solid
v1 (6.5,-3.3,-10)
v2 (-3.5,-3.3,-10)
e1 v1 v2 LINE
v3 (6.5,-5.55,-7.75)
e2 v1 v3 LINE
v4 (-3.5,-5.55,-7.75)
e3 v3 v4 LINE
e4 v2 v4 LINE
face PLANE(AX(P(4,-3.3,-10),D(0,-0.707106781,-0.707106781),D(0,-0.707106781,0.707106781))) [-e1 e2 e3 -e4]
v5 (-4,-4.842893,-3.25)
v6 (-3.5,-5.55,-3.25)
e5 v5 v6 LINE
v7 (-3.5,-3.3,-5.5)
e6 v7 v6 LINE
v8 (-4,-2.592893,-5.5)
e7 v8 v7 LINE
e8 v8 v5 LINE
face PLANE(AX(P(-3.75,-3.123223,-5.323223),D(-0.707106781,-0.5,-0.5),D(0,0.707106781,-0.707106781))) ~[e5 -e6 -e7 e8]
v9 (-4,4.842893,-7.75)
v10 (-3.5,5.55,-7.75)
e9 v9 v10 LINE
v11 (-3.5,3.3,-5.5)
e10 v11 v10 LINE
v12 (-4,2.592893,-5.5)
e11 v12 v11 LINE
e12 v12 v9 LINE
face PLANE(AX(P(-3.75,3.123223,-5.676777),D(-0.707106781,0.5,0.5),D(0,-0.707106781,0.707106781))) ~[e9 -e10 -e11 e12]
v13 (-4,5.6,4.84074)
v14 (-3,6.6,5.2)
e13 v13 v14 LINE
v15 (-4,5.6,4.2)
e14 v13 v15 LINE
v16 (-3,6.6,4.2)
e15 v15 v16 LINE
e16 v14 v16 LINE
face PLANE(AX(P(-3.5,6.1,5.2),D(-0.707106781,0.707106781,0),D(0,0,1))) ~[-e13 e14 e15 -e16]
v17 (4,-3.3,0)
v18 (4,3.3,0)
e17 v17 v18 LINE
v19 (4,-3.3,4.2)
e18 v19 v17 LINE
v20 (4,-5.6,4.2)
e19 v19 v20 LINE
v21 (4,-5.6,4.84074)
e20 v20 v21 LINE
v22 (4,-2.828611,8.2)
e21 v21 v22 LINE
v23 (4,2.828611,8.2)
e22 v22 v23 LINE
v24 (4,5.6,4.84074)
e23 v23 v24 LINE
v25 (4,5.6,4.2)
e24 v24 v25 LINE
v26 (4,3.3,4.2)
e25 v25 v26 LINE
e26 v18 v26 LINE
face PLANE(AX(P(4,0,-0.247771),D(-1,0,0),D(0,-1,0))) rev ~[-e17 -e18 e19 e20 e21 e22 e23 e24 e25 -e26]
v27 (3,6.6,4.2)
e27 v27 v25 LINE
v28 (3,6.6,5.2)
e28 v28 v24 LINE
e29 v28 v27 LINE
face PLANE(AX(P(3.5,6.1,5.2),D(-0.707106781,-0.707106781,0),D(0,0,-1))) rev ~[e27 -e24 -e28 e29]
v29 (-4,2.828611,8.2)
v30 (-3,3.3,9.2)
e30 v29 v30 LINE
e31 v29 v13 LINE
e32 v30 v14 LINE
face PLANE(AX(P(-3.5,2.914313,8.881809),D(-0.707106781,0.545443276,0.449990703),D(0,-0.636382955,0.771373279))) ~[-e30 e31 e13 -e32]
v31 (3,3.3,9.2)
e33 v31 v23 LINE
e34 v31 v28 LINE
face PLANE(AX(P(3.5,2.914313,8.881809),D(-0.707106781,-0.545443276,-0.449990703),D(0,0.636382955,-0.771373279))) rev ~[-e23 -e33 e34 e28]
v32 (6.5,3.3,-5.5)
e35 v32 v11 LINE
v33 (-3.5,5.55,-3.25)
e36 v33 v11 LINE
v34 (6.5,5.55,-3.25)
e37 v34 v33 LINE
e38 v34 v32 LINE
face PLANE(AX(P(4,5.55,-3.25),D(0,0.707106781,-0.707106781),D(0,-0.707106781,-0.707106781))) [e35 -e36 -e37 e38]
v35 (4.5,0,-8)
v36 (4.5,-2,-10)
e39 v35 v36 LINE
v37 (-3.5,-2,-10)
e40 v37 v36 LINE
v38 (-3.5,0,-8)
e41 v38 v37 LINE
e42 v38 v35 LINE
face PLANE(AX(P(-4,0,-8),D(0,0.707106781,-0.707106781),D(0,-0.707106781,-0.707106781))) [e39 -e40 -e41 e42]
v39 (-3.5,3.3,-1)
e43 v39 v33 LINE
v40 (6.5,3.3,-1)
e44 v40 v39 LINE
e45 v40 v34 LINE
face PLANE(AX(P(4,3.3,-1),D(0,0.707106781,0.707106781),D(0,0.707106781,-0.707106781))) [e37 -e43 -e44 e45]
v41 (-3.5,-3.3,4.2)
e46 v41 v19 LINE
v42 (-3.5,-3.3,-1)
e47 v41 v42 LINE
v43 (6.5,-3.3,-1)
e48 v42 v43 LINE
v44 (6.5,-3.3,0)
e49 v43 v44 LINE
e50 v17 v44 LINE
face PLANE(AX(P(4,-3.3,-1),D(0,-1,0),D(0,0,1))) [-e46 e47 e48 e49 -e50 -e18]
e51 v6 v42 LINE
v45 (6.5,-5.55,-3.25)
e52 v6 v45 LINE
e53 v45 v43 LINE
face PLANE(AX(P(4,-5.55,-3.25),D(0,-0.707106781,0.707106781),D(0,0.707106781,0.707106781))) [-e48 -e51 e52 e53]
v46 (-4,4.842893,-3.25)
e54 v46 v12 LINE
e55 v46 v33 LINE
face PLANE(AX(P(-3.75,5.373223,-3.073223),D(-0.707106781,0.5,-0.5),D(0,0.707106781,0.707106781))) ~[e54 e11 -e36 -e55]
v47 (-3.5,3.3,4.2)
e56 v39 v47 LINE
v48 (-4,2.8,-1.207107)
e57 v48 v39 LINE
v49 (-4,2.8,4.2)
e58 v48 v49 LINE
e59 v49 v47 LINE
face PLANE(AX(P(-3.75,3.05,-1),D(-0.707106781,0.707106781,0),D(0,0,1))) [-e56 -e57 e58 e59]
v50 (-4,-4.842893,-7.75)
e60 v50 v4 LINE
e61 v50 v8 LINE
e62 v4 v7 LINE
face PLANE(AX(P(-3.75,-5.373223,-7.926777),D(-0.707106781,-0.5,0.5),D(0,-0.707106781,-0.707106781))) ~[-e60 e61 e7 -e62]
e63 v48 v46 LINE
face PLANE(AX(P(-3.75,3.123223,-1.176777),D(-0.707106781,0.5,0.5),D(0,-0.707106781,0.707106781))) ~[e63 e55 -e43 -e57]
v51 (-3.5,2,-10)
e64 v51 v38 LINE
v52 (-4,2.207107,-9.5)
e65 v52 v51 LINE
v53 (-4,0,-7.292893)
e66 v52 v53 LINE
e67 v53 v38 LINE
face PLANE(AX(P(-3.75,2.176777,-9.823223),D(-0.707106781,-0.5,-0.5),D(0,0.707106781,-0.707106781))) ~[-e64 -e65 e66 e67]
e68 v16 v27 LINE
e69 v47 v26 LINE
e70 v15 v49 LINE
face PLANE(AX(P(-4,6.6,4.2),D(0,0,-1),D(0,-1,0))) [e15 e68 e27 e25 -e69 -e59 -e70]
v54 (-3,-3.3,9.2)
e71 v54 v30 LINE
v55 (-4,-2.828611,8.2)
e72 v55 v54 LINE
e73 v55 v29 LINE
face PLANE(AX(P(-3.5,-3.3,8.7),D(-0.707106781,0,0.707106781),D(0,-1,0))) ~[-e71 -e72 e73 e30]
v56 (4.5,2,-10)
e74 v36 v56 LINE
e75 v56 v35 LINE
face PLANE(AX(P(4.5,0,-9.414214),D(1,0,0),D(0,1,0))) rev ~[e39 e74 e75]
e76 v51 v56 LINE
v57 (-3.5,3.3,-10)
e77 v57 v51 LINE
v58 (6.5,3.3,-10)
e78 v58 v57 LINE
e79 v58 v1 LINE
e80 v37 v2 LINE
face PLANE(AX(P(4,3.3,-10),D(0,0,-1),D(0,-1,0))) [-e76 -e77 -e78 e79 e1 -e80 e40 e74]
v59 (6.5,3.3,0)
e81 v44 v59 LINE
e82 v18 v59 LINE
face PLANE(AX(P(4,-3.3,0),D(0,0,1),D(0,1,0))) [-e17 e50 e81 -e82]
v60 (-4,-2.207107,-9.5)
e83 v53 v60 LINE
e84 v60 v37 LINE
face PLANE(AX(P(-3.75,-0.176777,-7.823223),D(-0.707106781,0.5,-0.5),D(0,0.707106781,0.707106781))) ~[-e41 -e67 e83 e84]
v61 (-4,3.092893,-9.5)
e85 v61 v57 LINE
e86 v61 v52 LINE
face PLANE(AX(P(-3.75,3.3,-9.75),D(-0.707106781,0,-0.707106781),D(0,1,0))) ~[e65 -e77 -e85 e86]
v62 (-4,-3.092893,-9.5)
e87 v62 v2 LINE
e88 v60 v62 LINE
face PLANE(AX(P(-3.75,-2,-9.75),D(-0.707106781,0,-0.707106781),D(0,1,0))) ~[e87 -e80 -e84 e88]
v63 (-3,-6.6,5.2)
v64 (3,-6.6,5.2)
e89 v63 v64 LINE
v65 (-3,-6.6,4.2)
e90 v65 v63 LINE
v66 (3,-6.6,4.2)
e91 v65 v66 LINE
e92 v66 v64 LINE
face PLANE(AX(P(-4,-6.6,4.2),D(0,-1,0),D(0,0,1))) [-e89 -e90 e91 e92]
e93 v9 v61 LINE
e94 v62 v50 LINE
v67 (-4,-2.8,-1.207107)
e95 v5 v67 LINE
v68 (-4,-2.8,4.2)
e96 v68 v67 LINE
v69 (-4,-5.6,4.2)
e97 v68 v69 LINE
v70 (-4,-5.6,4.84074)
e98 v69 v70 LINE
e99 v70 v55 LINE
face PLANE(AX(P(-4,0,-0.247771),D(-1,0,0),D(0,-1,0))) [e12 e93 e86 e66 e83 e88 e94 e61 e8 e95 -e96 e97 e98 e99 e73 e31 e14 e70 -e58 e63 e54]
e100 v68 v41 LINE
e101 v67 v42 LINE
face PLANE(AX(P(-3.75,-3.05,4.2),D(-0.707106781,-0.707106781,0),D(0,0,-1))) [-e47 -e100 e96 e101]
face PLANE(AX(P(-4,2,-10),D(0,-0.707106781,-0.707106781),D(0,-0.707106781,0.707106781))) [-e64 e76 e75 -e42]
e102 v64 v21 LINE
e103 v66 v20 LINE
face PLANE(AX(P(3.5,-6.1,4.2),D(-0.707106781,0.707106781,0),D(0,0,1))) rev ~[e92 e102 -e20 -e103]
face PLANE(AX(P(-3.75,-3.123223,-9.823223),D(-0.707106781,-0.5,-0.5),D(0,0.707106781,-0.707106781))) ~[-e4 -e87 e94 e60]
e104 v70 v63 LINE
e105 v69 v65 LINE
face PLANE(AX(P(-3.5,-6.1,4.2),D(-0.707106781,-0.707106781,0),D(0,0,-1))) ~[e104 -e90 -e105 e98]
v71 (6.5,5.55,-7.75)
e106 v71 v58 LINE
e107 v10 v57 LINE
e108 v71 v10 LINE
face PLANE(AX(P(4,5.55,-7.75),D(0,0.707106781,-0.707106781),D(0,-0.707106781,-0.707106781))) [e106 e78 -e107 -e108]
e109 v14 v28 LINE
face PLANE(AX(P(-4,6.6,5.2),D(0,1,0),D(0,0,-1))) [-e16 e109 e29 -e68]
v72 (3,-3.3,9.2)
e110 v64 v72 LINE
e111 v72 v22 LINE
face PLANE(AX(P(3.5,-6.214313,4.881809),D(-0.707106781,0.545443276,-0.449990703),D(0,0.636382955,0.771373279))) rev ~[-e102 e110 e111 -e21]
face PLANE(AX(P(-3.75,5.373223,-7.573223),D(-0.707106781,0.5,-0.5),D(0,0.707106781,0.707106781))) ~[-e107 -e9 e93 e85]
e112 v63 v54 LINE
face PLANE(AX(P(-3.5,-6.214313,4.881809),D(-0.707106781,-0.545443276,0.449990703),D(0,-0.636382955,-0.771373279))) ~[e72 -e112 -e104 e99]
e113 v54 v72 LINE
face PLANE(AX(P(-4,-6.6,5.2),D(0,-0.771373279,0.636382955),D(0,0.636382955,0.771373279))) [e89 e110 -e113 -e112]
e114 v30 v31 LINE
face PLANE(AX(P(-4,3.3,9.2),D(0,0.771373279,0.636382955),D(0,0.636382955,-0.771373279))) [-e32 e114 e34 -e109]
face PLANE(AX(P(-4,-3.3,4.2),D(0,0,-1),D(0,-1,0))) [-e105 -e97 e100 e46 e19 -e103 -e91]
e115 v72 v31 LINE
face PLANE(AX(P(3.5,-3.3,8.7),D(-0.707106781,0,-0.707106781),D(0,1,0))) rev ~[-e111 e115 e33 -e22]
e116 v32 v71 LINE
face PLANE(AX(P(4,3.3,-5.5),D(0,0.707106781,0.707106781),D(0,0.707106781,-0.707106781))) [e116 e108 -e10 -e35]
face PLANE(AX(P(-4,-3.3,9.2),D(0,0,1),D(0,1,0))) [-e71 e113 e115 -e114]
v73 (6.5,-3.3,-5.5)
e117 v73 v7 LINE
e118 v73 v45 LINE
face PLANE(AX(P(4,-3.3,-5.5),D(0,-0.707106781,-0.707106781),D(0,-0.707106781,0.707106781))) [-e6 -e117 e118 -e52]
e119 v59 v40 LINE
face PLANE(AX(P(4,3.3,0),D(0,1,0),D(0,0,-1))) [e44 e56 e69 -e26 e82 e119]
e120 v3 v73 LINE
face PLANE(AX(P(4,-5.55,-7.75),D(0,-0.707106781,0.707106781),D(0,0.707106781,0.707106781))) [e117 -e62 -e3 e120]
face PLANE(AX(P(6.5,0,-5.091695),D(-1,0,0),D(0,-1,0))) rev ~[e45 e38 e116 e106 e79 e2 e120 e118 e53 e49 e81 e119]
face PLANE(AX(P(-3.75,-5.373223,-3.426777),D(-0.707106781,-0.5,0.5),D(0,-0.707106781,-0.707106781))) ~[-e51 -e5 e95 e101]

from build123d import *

# Parameters (mm, degrees)
BOSS_EXTRUDE1_DEPTH      = 4
BOSS_EXTRUDE1_DEPTH_BACK = 4
BOSS_EXTRUDE2_DEPTH      = 2.5
CHAMFER1_SIZE            = 1
CUT_EXTRUDE1_DEPTH       = 8.5
CHAMFER2_SIZE            = 0.5


with BuildPart() as part:
    # Sketch1 → Boss-Extrude1 (new, two sides: drawn at the far end of the back side and taken through both)
    with BuildSketch(Plane.YZ.offset(-BOSS_EXTRUDE1_DEPTH_BACK)):
        Polygon((-3.3, 9.2), (3.3, 9.2), (6.6, 5.2), (6.6, 4.2), (3.3, 4.2), (3.3, 0), (3.3, -1), (5.55, -3.25), (3.3, -5.5), (5.55, -7.75), (3.3, -10), (-3.3, -10), (-5.55, -7.75), (-3.3, -5.5), (-5.55, -3.25), (-3.3, -1), (-3.3, 0), (-3.3, 4.2), (-6.6, 4.2), (-6.6, 5.2), align=None)
    extrude(amount=BOSS_EXTRUDE1_DEPTH + BOSS_EXTRUDE1_DEPTH_BACK)

    # Sketch2 → Boss-Extrude2 (add)
    with BuildSketch(Plane.YZ.offset(4)):
        Polygon((-3.3, 0), (3.3, 0), (3.3, -1), (5.55, -3.25), (3.3, -5.5), (5.55, -7.75), (3.3, -10), (-3.3, -10), (-5.55, -7.75), (-3.3, -5.5), (-5.55, -3.25), (-3.3, -1), align=None)
    extrude(amount=BOSS_EXTRUDE2_DEPTH)

    # Chamfer1
    chamfer1_edges = [part.edges().sort_by_distance(p)[0] for p in [
        (-4, -4.95, 7.2),
        (-4, -6.6, 4.7),
        (-4, 4.95, 7.2),
        (4, 4.95, 7.2),
        (4, 0, 9.2),
        (4, -4.95, 7.2),
        (4, -6.6, 4.7),
        (4, 6.6, 4.7),
        (-4, 6.6, 4.7),
        (-4, 0, 9.2),
    ]]
    chamfer(chamfer1_edges, length=CHAMFER1_SIZE)

    # Sketch3 → Cut-Extrude1 (cut)
    with BuildSketch(Plane(origin=(-4, 0, 0), x_dir=(0, -1, 0), z_dir=(-1, 0, 0))):
        Polygon((0, -8), (2, -10), (-2, -10), align=None)
    extrude(amount=-CUT_EXTRUDE1_DEPTH, mode=Mode.SUBTRACT)

    # Chamfer2
    chamfer2_edges = [part.edges().sort_by_distance(p)[0] for p in [
        (-4, 2.65, -10),
        (-4, 1, -9),
        (-4, -1, -9),
        (-4, -3.3, 1.6),
        (-4, -4.425, -2.125),
        (-4, -4.425, -4.375),
        (-4, -4.425, -6.625),
        (-4, -4.425, -8.875),
        (-4, -2.65, -10),
        (-4, 4.425, -8.875),
        (-4, 4.425, -6.625),
        (-4, 4.425, -4.375),
        (-4, 4.425, -2.125),
        (-4, 3.3, 1.6),
    ]]
    chamfer(chamfer2_edges, length=CHAMFER2_SIZE)


solid = part.part
